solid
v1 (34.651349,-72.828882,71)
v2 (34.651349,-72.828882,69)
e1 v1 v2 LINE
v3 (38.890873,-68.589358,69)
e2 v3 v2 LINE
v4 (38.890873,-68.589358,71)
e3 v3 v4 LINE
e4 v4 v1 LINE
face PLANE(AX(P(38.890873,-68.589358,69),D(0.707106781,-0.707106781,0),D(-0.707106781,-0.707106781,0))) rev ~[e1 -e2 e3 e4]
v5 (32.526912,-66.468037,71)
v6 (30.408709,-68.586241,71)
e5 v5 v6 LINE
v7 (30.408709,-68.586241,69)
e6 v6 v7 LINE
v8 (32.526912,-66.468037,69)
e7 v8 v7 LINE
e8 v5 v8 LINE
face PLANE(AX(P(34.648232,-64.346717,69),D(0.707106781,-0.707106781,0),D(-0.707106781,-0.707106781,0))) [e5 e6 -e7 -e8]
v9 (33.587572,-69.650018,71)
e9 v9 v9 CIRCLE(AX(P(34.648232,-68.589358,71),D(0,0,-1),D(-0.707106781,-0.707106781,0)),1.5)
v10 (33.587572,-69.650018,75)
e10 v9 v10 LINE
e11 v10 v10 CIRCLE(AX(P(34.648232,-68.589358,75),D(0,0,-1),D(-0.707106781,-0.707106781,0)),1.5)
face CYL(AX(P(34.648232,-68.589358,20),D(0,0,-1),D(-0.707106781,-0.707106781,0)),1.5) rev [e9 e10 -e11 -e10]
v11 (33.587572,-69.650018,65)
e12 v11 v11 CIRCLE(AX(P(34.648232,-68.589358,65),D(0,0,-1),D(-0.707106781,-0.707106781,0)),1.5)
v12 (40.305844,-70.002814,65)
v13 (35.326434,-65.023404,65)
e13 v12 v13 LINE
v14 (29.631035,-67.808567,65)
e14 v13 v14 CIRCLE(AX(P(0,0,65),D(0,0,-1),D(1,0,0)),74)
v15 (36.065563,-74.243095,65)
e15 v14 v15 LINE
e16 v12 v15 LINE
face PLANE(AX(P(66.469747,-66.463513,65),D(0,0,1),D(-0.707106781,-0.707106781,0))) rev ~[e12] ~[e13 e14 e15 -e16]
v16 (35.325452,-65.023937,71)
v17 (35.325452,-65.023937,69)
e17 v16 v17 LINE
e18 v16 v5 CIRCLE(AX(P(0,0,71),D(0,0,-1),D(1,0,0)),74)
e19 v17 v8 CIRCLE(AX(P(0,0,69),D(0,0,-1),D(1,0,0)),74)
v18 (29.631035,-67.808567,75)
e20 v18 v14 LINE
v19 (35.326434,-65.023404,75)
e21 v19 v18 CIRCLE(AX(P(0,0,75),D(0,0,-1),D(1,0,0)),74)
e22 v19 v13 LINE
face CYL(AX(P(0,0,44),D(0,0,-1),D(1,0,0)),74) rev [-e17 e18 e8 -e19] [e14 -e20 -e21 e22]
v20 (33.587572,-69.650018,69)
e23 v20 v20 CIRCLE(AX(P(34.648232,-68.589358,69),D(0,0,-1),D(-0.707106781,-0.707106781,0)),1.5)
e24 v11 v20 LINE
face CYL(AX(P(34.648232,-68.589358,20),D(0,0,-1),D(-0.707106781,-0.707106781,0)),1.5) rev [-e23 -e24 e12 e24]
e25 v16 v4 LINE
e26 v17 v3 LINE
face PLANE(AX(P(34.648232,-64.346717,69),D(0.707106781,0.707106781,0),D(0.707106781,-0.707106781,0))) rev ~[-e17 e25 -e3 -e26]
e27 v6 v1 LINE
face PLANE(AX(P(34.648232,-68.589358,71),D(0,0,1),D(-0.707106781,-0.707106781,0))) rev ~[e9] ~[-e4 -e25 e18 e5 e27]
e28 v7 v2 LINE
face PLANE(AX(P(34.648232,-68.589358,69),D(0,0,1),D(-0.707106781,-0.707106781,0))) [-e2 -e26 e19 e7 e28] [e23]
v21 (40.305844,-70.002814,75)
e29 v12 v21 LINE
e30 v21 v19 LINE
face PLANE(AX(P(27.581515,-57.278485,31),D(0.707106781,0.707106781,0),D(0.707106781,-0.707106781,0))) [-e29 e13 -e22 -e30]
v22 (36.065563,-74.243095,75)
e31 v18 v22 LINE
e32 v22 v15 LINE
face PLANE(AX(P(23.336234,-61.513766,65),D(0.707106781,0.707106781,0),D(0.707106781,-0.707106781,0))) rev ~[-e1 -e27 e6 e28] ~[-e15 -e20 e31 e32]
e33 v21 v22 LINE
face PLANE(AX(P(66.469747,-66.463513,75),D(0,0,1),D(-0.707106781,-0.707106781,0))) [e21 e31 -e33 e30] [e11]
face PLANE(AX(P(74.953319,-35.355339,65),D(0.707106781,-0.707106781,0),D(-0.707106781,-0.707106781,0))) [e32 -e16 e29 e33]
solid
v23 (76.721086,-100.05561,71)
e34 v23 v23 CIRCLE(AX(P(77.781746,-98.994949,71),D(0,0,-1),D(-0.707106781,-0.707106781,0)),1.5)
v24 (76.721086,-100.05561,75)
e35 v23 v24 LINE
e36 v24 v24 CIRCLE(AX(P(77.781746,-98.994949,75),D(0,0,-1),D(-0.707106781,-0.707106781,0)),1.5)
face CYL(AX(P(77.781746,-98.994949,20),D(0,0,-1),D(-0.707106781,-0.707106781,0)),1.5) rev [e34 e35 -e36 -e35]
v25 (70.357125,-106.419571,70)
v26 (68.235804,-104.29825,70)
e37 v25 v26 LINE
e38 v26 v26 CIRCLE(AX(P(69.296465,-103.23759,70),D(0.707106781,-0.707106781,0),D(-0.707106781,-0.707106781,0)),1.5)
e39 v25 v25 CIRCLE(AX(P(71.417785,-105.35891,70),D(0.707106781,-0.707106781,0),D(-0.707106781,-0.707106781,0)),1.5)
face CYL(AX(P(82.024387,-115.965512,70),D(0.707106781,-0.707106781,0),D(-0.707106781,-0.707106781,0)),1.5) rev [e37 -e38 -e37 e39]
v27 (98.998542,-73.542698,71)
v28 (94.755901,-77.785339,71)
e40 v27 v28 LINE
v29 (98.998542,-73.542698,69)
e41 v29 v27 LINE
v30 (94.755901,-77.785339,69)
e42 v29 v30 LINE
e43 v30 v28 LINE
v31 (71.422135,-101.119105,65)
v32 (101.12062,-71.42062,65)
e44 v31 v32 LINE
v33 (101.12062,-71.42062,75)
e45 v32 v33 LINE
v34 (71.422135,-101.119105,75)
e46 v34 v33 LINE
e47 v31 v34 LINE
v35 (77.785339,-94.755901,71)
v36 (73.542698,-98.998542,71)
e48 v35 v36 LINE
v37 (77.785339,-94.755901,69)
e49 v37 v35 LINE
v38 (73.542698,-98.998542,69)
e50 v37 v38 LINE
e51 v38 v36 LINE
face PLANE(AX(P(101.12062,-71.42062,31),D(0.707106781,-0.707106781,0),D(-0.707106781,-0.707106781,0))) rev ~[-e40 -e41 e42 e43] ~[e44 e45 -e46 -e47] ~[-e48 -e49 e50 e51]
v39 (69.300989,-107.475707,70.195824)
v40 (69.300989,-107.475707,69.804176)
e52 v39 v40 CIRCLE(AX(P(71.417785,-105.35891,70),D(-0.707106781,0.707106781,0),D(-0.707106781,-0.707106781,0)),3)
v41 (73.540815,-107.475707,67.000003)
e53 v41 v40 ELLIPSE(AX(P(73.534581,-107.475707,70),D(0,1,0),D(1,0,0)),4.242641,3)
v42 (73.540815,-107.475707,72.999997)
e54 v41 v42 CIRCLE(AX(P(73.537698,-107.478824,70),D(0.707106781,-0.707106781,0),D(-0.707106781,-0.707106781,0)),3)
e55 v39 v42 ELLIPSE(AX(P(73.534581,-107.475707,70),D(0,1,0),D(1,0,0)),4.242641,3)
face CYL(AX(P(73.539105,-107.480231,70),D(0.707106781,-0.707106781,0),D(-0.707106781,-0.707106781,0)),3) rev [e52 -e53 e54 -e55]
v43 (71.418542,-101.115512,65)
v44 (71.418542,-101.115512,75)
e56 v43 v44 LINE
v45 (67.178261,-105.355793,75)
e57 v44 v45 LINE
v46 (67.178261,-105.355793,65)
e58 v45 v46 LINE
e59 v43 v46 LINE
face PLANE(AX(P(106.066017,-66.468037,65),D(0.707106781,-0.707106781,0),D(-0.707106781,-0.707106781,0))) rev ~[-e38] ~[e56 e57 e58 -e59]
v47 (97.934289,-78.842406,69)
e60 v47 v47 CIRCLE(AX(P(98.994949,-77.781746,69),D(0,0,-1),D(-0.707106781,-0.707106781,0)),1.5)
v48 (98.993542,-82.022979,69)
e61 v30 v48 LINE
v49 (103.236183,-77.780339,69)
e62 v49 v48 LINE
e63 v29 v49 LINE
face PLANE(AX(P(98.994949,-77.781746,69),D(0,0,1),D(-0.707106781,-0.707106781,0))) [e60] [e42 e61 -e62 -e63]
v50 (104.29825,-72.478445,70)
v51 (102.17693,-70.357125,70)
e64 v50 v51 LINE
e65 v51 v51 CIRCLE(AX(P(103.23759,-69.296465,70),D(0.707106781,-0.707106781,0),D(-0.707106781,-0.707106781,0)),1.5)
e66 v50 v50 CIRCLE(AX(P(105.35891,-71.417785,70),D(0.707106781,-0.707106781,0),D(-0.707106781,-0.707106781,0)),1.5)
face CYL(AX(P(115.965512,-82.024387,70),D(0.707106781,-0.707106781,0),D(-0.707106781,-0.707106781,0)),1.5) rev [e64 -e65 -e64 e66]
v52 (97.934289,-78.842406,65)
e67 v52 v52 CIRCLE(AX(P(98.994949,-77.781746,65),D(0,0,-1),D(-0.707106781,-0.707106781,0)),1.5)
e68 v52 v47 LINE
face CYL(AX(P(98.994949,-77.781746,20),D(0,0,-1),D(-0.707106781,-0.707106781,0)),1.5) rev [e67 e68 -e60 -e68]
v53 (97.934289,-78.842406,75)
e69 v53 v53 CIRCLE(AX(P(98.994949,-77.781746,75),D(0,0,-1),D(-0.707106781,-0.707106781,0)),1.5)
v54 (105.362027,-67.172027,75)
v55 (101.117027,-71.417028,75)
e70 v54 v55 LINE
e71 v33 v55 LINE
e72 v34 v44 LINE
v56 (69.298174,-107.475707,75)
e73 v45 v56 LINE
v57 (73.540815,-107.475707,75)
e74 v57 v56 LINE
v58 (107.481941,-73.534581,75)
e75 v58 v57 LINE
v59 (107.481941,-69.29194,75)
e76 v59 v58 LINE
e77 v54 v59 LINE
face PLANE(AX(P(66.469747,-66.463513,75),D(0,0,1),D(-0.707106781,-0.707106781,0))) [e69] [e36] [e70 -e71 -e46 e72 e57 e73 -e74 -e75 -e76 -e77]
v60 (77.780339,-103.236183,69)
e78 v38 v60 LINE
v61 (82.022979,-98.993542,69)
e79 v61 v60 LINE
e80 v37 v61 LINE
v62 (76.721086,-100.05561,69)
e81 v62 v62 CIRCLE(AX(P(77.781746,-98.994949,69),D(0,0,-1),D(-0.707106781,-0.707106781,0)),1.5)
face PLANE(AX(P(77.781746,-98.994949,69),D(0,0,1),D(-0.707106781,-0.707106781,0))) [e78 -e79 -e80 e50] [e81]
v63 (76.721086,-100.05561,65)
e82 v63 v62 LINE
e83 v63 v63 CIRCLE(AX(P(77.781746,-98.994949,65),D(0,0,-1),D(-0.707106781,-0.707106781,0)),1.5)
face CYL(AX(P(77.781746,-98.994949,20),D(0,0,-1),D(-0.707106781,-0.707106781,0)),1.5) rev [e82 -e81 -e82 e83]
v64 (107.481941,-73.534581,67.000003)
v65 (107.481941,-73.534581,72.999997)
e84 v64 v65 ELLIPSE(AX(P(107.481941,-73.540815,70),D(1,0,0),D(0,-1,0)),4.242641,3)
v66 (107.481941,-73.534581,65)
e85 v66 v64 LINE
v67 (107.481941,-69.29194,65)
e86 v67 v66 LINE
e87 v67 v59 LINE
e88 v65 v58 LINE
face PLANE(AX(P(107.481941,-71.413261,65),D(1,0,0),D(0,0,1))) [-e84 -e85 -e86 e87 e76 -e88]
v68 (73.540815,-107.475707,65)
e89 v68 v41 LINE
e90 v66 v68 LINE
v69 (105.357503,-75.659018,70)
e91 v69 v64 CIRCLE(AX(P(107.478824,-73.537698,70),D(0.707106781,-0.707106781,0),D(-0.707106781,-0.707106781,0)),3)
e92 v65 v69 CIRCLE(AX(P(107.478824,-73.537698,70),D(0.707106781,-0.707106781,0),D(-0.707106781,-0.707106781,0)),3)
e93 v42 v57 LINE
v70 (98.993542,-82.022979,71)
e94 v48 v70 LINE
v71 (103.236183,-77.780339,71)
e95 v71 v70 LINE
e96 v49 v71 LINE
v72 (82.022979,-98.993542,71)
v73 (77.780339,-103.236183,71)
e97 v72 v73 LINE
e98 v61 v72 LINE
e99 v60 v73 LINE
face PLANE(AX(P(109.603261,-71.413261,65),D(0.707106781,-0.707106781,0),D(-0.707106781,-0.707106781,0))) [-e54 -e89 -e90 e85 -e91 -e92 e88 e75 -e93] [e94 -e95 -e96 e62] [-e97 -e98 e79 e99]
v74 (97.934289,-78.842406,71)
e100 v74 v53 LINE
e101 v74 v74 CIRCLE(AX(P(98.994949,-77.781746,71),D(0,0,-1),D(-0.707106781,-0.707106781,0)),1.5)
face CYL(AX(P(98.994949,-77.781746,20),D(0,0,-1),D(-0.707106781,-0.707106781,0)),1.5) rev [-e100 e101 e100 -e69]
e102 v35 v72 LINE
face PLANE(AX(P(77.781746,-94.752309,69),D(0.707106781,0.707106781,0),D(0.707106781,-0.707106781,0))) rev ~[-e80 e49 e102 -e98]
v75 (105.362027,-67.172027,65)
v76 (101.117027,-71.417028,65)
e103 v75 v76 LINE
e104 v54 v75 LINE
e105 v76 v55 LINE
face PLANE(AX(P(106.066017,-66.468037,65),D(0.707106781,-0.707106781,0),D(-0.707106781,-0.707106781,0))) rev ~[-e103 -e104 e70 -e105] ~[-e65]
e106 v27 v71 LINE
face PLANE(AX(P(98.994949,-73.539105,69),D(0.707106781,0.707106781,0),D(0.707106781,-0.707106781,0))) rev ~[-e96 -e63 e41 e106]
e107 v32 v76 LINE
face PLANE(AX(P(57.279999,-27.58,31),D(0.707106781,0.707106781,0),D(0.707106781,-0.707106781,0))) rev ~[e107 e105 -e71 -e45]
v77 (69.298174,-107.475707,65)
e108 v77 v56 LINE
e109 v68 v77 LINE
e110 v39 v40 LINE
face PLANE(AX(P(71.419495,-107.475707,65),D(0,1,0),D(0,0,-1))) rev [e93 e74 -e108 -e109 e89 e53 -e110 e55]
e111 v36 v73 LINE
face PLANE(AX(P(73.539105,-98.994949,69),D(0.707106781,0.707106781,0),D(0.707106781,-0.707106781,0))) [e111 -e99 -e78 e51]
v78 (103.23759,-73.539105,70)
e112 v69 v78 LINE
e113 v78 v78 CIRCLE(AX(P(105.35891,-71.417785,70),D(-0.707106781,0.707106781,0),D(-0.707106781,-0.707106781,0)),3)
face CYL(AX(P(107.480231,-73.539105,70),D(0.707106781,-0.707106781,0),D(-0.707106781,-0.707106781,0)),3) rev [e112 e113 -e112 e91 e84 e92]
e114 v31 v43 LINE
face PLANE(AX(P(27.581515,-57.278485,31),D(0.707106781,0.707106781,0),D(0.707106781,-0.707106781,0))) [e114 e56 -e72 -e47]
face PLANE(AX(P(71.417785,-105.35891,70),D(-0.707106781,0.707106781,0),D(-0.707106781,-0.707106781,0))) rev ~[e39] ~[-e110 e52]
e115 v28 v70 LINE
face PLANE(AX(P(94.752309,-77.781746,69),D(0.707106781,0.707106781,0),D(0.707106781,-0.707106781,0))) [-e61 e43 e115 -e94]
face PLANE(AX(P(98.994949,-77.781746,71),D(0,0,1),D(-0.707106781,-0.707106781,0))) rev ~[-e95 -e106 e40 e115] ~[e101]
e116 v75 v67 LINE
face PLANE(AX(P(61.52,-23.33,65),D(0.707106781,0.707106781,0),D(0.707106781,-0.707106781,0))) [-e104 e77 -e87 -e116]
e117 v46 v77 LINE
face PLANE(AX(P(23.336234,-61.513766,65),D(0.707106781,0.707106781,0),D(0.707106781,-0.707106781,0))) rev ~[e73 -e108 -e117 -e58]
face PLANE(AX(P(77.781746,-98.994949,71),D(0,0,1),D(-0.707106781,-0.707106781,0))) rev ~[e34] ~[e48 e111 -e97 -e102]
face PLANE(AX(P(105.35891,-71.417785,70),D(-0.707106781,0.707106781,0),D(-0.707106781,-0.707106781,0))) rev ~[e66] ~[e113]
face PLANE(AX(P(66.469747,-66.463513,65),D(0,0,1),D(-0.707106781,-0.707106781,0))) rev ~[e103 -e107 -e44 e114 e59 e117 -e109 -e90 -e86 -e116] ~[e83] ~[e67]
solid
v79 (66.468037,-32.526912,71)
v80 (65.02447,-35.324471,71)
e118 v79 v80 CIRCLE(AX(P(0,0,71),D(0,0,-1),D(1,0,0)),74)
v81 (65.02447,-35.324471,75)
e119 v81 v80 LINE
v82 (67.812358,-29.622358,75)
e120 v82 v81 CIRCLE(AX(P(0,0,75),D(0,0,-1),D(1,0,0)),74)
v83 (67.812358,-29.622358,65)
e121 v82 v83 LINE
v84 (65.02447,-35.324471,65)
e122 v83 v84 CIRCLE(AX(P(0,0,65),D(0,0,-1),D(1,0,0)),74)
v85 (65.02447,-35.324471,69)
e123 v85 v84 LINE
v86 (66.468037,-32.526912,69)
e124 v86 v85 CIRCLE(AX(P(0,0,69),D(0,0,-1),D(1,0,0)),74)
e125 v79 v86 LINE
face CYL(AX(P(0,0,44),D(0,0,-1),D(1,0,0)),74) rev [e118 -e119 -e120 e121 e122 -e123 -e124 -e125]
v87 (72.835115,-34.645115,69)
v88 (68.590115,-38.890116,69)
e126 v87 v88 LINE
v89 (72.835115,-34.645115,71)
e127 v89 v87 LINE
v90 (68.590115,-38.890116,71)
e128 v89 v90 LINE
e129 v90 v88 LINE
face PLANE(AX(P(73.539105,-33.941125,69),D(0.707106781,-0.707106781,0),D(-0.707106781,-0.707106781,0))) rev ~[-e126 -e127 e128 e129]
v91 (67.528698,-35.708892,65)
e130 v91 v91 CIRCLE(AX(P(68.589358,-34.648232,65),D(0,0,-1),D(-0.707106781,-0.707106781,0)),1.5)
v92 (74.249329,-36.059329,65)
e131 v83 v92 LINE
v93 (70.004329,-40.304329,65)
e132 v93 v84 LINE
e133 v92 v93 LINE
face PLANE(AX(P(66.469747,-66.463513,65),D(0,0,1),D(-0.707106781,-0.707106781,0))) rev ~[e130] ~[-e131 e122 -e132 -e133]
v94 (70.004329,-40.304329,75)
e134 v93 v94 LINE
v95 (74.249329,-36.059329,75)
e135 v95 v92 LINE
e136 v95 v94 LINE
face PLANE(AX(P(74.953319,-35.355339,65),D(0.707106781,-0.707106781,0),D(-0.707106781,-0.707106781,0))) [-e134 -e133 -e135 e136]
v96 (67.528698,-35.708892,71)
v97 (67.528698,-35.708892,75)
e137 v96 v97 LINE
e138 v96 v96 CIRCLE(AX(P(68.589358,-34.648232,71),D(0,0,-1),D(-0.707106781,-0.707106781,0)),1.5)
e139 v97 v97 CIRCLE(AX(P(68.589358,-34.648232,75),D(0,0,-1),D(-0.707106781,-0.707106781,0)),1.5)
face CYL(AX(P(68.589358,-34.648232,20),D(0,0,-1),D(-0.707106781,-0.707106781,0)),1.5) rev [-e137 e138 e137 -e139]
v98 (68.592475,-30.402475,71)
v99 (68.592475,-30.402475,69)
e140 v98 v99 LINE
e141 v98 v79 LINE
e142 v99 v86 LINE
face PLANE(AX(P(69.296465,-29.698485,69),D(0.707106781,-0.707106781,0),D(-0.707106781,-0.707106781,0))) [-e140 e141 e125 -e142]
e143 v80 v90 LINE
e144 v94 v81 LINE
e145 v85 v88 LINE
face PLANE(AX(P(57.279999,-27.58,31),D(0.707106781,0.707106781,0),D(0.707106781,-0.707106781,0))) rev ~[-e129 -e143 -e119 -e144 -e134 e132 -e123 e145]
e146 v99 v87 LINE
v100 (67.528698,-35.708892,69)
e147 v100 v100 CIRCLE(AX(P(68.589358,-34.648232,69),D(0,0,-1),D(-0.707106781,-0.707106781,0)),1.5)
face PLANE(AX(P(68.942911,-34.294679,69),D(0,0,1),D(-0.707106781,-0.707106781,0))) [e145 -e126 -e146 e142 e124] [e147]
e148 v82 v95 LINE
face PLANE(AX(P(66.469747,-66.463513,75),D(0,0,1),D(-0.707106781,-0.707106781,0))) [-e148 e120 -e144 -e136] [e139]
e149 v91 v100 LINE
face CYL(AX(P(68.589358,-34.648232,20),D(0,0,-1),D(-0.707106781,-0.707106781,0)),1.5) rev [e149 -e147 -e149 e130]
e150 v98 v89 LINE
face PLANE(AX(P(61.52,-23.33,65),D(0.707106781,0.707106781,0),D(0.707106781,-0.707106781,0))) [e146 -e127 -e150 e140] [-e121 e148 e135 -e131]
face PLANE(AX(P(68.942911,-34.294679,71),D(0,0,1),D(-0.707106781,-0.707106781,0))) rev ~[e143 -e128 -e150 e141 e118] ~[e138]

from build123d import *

# Parameters (mm, degrees)
CYLINDER1721_R              = 1.5
CYLINDER1721_DEPTH          = 60
CYLINDER1718_R              = 1.5
CYLINDER1718_DEPTH          = 60
CYLINDER1719_R              = 1.5
CYLINDER1719_DEPTH          = 60
CYLINDER1720_R              = 1.5
CYLINDER1720_DEPTH          = 60
COMPOUND860_PLACEMENT_ANGLE = 225
BOX682_W                    = 6
BOX682_H                    = 6
BOX682_DEPTH                = 2
BOX680_W                    = 6
BOX680_H                    = 6
BOX680_DEPTH                = 2
BOX683_W                    = 6
BOX683_H                    = 6
BOX683_DEPTH                = 2
BOX681_W                    = 7
BOX681_H                    = 6
BOX681_DEPTH                = 2
COMPOUND859_PLACEMENT_ANGLE = 225
CYLINDER1711_R              = 1.5
CYLINDER1711_DEPTH          = 50
COMPOUND852_PLACEMENT_ANGLE = 225
CYLINDER1710_R              = 1.5
CYLINDER1710_DEPTH          = 50
COMPOUND851_PLACEMENT_ANGLE = 225
CYLINDER1713_R              = 3
CYLINDER1713_DEPTH          = 3
COMPOUND855_PLACEMENT_ANGLE = 225
CYLINDER1712_R              = 3
CYLINDER1712_DEPTH          = 3
COMPOUND854_PLACEMENT_ANGLE = 225
CYLINDER1709_R              = 74
CYLINDER1709_DEPTH          = 40
BOX675_W                    = 42
BOX675_H                    = 62
BOX675_DEPTH                = 50
COMPOUND850_PLACEMENT_ANGLE = 225
BOX674_W                    = 56
BOX674_H                    = 44
BOX674_DEPTH                = 10
COMPOUND849_PLACEMENT_ANGLE = 225
BOX673_W                    = 54
BOX673_H                    = 68
BOX673_DEPTH                = 10
COMPOUND848_PLACEMENT_ANGLE = 225
CHAMFER052_SIZE             = 3


with BuildPart() as v_lec1721:
    # Cylinder1721 → Cylinder1721 (new body)
    with BuildSketch(Plane(origin=(-24, 73, -80), x_dir=(1, 0, 0), z_dir=(0, 0, 1))):
        Circle(CYLINDER1721_R)
    extrude(amount=CYLINDER1721_DEPTH)


with BuildPart() as v_lec1718:
    # Cylinder1718 → Cylinder1718 (new body)
    with BuildSketch(Plane(origin=(-15, 125, -80), x_dir=(1, 0, 0), z_dir=(0, 0, 1))):
        Circle(CYLINDER1718_R)
    extrude(amount=CYLINDER1718_DEPTH)


with BuildPart() as v_lec1719:
    # Cylinder1719 → Cylinder1719 (new body)
    with BuildSketch(Plane(origin=(15, 125, -80), x_dir=(1, 0, 0), z_dir=(0, 0, 1))):
        Circle(CYLINDER1719_R)
    extrude(amount=CYLINDER1719_DEPTH)


with BuildPart() as compound860:
    # Cylinder1720 → Cylinder1720 (new body)
    with BuildSketch(Plane(origin=(24, 73, -80), x_dir=(1, 0, 0), z_dir=(0, 0, 1))):
        Circle(CYLINDER1720_R)
    extrude(amount=CYLINDER1720_DEPTH)

    # Compound860: union Válec1721, Válec1718, Válec1719
    add(v_lec1721.part)
    add(v_lec1718.part)
    add(v_lec1719.part)


with BuildPart() as compound860_1:
    # Compound860 placement: moved
    add(compound860.part.moved(Location((0, 0, 100))).rotate(Axis((0, 0, 100), (0, 0, 1)), COMPOUND860_PLACEMENT_ANGLE))


with BuildPart() as krychle682:
    # Box682 → Box682 (new body)
    with BuildSketch(Plane(origin=(-18, 122, -48), x_dir=(1, 0, 0), z_dir=(0, 0, 1))):
        with Locations((3, 3)):
            Rectangle(BOX682_W, BOX682_H)
    extrude(amount=BOX682_DEPTH)


with BuildPart() as krychle680:
    # Box680 → Box680 (new body)
    with BuildSketch(Plane(origin=(21, 70, -48), x_dir=(1, 0, 0), z_dir=(0, 0, 1))):
        with Locations((3, 3)):
            Rectangle(BOX680_W, BOX680_H)
    extrude(amount=BOX680_DEPTH)


with BuildPart() as krychle683:
    # Box683 → Box683 (new body)
    with BuildSketch(Plane(origin=(12, 122, -48), x_dir=(1, 0, 0), z_dir=(0, 0, 1))):
        with Locations((3, 3)):
            Rectangle(BOX683_W, BOX683_H)
    extrude(amount=BOX683_DEPTH)


with BuildPart() as compound859:
    # Box681 → Box681 (new body)
    with BuildSketch(Plane(origin=(-28, 70, -48), x_dir=(1, 0, 0), z_dir=(0, 0, 1))):
        with Locations((3.5, 3)):
            Rectangle(BOX681_W, BOX681_H)
    extrude(amount=BOX681_DEPTH)

    # Compound859: union Krychle682, Krychle680, Krychle683
    add(krychle682.part)
    add(krychle680.part)
    add(krychle683.part)


with BuildPart() as compound859_1:
    # Compound859 placement: moved
    add(compound859.part.moved(Location((0, 0, 117))).rotate(Axis((0, 0, 117), (0, 0, 1)), COMPOUND859_PLACEMENT_ANGLE))


with BuildPart() as compound852:
    # Cylinder1711 → Cylinder1711 (new body)
    with BuildSketch(Plane(origin=(24, 140, 72), x_dir=(1, 0, 0), z_dir=(0, -1, 0))):
        Circle(CYLINDER1711_R)
    extrude(amount=CYLINDER1711_DEPTH)


with BuildPart() as compound852_1:
    # Compound852 placement: moved
    add(compound852.part.rotate(Axis((0, 0, 0), (0, 0, 1)), COMPOUND852_PLACEMENT_ANGLE))


with BuildPart() as compound853:
    # Cylinder1710 → Cylinder1710 (new body)
    with BuildSketch(Plane(origin=(-24, 140, 72), x_dir=(1, 0, 0), z_dir=(0, -1, 0))):
        Circle(CYLINDER1710_R)
    extrude(amount=CYLINDER1710_DEPTH)


with BuildPart() as compound853_1:
    # Compound851 placement: moved
    add(compound853.part.rotate(Axis((0, 0, 0), (0, 0, 1)), COMPOUND851_PLACEMENT_ANGLE))

    # Compound853: union Compound852
    add(compound852_1.part)


with BuildPart() as compound853_2:
    # Compound853 placement: moved
    add(compound853_1.part.moved(Location((0, 0, -2))))


with BuildPart() as compound855:
    # Cylinder1713 → Cylinder1713 (new body)
    with BuildSketch(Plane(origin=(24, 128, 72), x_dir=(1, 0, 0), z_dir=(0, -1, 0))):
        Circle(CYLINDER1713_R)
    extrude(amount=CYLINDER1713_DEPTH)


with BuildPart() as compound855_1:
    # Compound855 placement: moved
    add(compound855.part.rotate(Axis((0, 0, 0), (0, 0, 1)), COMPOUND855_PLACEMENT_ANGLE))


with BuildPart() as compound856:
    # Cylinder1712 → Cylinder1712 (new body)
    with BuildSketch(Plane(origin=(-24, 128, 72), x_dir=(1, 0, 0), z_dir=(0, -1, 0))):
        Circle(CYLINDER1712_R)
    extrude(amount=CYLINDER1712_DEPTH)


with BuildPart() as compound856_1:
    # Compound854 placement: moved
    add(compound856.part.rotate(Axis((0, 0, 0), (0, 0, 1)), COMPOUND854_PLACEMENT_ANGLE))

    # Compound856: union Compound855
    add(compound855_1.part)


with BuildPart() as compound856_2:
    # Compound856 placement: moved
    add(compound856_1.part.moved(Location((0, 0, -2))))


with BuildPart() as v_lec1709:
    # Cylinder1709 → Cylinder1709 (new body)
    with BuildSketch(Plane.XY.offset(44)):
        Circle(CYLINDER1709_R)
    extrude(amount=CYLINDER1709_DEPTH)


with BuildPart() as compound850:
    # Box675 → Box675 (new body)
    with BuildSketch(Plane(origin=(-21.001071, 60.005081, 31), x_dir=(1, 0, 0), z_dir=(0, 0, 1))):
        with Locations((21, 31)):
            Rectangle(BOX675_W, BOX675_H)
    extrude(amount=BOX675_DEPTH)


with BuildPart() as compound850_1:
    # Compound850 placement: moved
    add(compound850.part.rotate(Axis((0, 0, 0), (0, 0, 1)), COMPOUND850_PLACEMENT_ANGLE))


with BuildPart() as compound849:
    # Box674 → Box674 (new body)
    with BuildSketch(Plane(origin=(-28, 78, 75), x_dir=(1, 0, 0), z_dir=(0, 0, 1))):
        with Locations((28, 22)):
            Rectangle(BOX674_W, BOX674_H)
    extrude(amount=BOX674_DEPTH)


with BuildPart() as compound849_1:
    # Compound849 placement: moved
    add(compound849.part.moved(Location((0, 0, -10))).rotate(Axis((0, 0, -10), (0, 0, 1)), COMPOUND849_PLACEMENT_ANGLE))


with BuildPart() as cut497:
    # Box673 → Box673 (new body)
    with BuildSketch(Plane(origin=(-27.004408, 59.99801, 75), x_dir=(1, 0, 0), z_dir=(0, 0, 1))):
        with Locations((27, 34)):
            Rectangle(BOX673_W, BOX673_H)
    extrude(amount=BOX673_DEPTH)


with BuildPart() as cut497_1:
    # Compound848 placement: moved
    add(cut497.part.moved(Location((0, 0, -10))).rotate(Axis((0, 0, -10), (0, 0, 1)), COMPOUND848_PLACEMENT_ANGLE))

    # Cut491: cut Compound849
    add(compound849_1.part, mode=Mode.SUBTRACT)

    # Cut492: cut Compound850
    add(compound850_1.part, mode=Mode.SUBTRACT)

    # Cut493: cut Válec1709
    add(v_lec1709.part, mode=Mode.SUBTRACT)

    # Chamfer052
    chamfer052_edges = [cut497_1.edges().sort_by_distance(p)[0] for p in [
        (109.603261, -71.413261, 70),
        (71.419495, -109.597027, 70),
    ]]
    chamfer(chamfer052_edges, length=CHAMFER052_SIZE)

    # Cut494: cut Compound856
    add(compound856_2.part, mode=Mode.SUBTRACT)

    # Cut495: cut Compound853
    add(compound853_2.part, mode=Mode.SUBTRACT)

    # Cut496: cut Compound859
    add(compound859_1.part, mode=Mode.SUBTRACT)

    # Cut497: cut Compound860
    add(compound860_1.part, mode=Mode.SUBTRACT)


solid = cut497_1.part
